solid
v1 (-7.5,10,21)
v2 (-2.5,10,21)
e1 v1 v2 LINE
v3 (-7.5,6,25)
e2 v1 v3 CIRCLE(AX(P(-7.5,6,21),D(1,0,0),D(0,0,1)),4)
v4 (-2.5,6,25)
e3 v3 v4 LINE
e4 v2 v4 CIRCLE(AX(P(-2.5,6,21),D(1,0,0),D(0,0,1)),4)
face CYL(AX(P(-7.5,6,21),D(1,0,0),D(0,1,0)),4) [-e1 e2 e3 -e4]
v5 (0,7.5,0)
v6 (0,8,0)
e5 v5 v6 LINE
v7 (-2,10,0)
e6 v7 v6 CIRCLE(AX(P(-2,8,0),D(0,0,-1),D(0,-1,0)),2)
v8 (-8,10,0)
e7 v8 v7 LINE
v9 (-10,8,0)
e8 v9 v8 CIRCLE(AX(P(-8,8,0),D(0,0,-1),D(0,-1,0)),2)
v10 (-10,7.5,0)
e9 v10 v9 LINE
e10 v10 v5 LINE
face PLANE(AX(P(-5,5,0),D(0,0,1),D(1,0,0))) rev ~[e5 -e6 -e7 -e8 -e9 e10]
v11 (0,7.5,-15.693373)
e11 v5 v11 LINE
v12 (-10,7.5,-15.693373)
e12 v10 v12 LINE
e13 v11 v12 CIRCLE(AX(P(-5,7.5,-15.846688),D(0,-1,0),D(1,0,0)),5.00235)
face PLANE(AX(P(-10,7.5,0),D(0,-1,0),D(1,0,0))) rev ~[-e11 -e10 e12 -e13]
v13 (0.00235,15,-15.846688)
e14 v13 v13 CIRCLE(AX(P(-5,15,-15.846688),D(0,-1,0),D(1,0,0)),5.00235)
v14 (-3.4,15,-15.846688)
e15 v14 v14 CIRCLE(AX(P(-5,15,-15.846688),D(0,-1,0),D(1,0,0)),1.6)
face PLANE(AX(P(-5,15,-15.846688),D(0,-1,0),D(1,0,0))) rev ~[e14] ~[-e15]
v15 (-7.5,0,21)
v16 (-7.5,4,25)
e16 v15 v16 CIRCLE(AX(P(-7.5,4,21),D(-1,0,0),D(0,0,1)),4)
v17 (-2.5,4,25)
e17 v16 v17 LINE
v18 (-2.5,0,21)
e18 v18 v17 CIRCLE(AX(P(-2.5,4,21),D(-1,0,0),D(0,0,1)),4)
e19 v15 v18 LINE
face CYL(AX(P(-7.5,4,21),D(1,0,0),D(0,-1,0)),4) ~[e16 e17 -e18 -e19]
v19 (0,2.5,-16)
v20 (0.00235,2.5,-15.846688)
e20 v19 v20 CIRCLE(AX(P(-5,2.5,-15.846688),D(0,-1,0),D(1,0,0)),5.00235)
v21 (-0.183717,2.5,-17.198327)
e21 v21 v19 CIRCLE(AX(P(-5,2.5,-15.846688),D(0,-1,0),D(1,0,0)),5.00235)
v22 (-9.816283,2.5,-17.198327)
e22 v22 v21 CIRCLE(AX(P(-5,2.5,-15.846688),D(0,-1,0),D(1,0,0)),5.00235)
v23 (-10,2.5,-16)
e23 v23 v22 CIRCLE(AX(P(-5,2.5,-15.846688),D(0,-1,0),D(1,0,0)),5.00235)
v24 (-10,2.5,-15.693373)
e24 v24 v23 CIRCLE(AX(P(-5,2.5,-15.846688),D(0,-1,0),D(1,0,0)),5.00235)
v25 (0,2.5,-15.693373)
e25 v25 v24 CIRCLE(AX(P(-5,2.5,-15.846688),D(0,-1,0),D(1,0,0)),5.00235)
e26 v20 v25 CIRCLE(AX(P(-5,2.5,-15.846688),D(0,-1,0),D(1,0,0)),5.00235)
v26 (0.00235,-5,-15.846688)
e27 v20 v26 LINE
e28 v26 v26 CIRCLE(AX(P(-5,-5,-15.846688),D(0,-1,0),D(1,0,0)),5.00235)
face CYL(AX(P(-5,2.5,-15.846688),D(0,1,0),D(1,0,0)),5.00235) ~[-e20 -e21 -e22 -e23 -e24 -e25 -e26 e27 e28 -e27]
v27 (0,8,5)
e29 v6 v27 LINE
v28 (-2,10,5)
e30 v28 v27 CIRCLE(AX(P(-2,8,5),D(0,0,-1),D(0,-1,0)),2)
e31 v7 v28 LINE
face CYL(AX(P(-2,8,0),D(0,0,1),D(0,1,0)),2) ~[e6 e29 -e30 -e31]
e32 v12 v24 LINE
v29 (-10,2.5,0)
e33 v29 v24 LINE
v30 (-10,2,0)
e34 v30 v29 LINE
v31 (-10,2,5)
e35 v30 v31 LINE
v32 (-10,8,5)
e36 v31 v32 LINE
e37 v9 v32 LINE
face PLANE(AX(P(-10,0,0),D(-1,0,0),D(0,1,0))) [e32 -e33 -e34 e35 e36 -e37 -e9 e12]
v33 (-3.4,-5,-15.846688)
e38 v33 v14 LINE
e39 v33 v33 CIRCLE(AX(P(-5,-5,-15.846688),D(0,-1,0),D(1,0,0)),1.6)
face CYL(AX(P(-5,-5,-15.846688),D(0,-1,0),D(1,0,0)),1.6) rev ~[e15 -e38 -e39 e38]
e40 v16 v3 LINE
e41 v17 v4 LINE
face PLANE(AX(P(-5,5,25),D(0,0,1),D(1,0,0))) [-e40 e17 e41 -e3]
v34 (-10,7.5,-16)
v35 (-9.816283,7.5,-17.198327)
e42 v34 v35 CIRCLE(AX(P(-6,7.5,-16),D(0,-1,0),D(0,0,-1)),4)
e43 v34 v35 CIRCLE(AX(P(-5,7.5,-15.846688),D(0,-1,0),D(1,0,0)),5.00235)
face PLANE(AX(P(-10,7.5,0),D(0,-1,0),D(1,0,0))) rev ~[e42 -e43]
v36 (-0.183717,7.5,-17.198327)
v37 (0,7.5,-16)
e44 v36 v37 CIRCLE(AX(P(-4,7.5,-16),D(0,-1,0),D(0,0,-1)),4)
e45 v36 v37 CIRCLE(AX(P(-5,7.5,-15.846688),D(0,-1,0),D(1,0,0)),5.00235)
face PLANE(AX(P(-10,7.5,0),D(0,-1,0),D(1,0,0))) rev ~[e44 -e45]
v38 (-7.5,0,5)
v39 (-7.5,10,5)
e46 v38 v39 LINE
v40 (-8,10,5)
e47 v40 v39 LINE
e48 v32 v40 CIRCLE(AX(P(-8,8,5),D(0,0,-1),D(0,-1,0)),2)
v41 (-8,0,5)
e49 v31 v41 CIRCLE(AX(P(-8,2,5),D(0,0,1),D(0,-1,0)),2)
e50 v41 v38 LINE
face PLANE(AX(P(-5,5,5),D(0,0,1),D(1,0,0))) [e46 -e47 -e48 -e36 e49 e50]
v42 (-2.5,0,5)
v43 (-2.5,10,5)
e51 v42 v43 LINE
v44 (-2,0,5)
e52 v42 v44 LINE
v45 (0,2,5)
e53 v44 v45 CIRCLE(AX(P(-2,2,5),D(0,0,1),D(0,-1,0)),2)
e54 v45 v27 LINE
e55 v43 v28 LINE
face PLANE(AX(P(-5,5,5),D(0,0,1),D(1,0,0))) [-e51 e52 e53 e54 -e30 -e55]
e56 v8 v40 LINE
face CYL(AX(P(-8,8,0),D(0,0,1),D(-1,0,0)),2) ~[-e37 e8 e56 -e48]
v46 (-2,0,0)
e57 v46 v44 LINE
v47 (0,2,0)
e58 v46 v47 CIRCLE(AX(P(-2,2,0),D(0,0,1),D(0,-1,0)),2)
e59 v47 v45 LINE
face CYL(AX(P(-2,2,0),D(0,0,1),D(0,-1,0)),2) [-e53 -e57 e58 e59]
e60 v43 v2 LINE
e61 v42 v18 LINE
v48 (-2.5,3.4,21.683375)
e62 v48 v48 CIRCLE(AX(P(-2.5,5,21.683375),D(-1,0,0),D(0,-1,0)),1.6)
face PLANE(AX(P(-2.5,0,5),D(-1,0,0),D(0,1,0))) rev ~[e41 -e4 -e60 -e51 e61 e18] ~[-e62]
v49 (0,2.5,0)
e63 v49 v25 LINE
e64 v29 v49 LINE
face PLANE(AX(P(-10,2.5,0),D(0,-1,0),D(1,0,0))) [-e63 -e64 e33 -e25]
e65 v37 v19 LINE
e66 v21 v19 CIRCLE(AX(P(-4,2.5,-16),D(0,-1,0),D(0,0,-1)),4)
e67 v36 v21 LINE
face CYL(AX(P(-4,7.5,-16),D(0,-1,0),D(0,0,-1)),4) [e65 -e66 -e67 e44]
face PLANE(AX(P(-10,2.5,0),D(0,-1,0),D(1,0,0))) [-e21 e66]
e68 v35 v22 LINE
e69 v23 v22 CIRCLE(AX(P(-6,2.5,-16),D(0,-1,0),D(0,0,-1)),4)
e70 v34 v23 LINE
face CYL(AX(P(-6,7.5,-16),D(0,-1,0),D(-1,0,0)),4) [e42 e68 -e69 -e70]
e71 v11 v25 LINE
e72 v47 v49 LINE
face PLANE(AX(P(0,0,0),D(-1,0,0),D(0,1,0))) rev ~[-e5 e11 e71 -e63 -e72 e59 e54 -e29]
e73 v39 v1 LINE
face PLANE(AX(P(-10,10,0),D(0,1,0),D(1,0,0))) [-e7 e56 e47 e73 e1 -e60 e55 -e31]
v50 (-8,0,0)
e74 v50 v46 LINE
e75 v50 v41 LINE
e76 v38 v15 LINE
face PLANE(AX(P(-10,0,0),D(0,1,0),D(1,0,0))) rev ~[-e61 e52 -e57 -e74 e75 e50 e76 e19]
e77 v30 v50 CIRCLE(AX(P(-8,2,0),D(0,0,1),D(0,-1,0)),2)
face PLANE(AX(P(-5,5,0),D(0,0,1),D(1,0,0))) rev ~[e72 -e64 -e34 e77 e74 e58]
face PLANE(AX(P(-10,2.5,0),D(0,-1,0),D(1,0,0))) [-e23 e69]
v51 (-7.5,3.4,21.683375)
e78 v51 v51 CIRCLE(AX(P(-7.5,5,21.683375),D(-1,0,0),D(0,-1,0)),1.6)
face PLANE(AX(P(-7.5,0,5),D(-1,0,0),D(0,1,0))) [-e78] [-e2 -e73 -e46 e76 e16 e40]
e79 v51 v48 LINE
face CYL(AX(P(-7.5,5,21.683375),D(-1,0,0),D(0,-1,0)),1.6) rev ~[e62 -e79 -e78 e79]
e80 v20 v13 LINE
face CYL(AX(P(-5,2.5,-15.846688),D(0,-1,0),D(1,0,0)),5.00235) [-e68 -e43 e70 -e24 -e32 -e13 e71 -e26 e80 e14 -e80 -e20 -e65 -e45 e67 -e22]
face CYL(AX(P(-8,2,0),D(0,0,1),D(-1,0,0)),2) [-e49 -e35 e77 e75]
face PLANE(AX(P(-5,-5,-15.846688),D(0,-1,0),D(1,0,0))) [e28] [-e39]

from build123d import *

# Parameters (mm, degrees)
SKETCH_W          = 10
SKETCH_H          = 10
PAD_DEPTH         = 5
SKETCH001_W       = 5
SKETCH001_H       = 10
PAD001_DEPTH      = 20
SKETCH002_W       = 10
SKETCH002_H       = 5
PAD002_DEPTH      = 20
SKETCH003_R       = 1.6
POCKET_DEPTH      = 5
SKETCH004_R       = 1.6
POCKET001_DEPTH   = 7.501
FILLET_R          = 4
FILLET001_R       = 2
SKETCH006_R       = 5.00235
PAD003_DEPTH      = 7.5
PAD003_DEPTH_BACK = 12.5
SKETCH007_R       = 1.6
POCKET002_DEPTH   = 20.001


with BuildPart() as part:
    # Sketch → Pad (new body)
    with BuildSketch(Plane.XY):
        with Locations((-5, 5)):
            Rectangle(SKETCH_W, SKETCH_H)
    extrude(amount=PAD_DEPTH)

    # Sketch001 (on Face6 of Pad) → Pad001 (join)
    with BuildSketch(Plane.XY.offset(5)):
        with Locations((-5, 5)):
            Rectangle(SKETCH001_W, SKETCH001_H)
    extrude(amount=PAD001_DEPTH)

    # Sketch002 (on Face4 of Pad001) → Pad002 (join)
    with BuildSketch(Plane(origin=(0, 0, 0), x_dir=(1, 0, 0), z_dir=(0, 0, -1))):
        with Locations((-5, -5)):
            Rectangle(SKETCH002_W, SKETCH002_H)
    extrude(amount=PAD002_DEPTH)

    # Sketch003 (on Face17 of Pad002) → Pocket (cut)
    with BuildSketch(Plane(origin=(0, 7.5, 0), x_dir=(-1, 0, 0), z_dir=(0, 1, 0))):
        with Locations((5, -15.846688)):
            Circle(SKETCH003_R)
    extrude(amount=-POCKET_DEPTH, mode=Mode.SUBTRACT)

    # Sketch004 (on Face14 of Pocket) → Pocket001 (cut, through all)
    with BuildSketch(Plane(origin=(-7.5, 0, 0), x_dir=(0, -1, 0), z_dir=(-1, 0, 0))):
        with Locations((-5, 21.683375)):
            Circle(SKETCH004_R)
    extrude(amount=-POCKET001_DEPTH, mode=Mode.SUBTRACT)

    # Fillet
    fillet_edges = [part.edges().sort_by_distance(p)[0] for p in [
        (-10, 5, -20),
        (0, 5, -20),
        (-5, 10, 25),
        (-5, 0, 25),
    ]]
    fillet(fillet_edges, radius=FILLET_R)

    # Fillet001
    fillet001_edges = [part.edges().sort_by_distance(p)[0] for p in [
        (-10, 10, 2.5),
        (-10, 0, 2.5),
        (0, 10, 2.5),
        (0, 0, 2.5),
    ]]
    fillet(fillet001_edges, radius=FILLET001_R)

    # Sketch006 (on Face9 of Fillet001) → Pad003 (join, two sides)
    with BuildSketch(Plane.XZ.offset(-2.5)) as pad003_sk:
        with Locations((-5, -15.846688)):
            Circle(SKETCH006_R)
    extrude(amount=PAD003_DEPTH)
    extrude(pad003_sk.sketch, amount=-PAD003_DEPTH_BACK)

    # Sketch007 (on Face27 of Pad003) → Pocket002 (cut, through all)
    with BuildSketch(Plane.XZ.offset(5)):
        with Locations((-5, -15.846688)):
            Circle(SKETCH007_R)
    extrude(amount=-POCKET002_DEPTH, mode=Mode.SUBTRACT)


solid = part.part
